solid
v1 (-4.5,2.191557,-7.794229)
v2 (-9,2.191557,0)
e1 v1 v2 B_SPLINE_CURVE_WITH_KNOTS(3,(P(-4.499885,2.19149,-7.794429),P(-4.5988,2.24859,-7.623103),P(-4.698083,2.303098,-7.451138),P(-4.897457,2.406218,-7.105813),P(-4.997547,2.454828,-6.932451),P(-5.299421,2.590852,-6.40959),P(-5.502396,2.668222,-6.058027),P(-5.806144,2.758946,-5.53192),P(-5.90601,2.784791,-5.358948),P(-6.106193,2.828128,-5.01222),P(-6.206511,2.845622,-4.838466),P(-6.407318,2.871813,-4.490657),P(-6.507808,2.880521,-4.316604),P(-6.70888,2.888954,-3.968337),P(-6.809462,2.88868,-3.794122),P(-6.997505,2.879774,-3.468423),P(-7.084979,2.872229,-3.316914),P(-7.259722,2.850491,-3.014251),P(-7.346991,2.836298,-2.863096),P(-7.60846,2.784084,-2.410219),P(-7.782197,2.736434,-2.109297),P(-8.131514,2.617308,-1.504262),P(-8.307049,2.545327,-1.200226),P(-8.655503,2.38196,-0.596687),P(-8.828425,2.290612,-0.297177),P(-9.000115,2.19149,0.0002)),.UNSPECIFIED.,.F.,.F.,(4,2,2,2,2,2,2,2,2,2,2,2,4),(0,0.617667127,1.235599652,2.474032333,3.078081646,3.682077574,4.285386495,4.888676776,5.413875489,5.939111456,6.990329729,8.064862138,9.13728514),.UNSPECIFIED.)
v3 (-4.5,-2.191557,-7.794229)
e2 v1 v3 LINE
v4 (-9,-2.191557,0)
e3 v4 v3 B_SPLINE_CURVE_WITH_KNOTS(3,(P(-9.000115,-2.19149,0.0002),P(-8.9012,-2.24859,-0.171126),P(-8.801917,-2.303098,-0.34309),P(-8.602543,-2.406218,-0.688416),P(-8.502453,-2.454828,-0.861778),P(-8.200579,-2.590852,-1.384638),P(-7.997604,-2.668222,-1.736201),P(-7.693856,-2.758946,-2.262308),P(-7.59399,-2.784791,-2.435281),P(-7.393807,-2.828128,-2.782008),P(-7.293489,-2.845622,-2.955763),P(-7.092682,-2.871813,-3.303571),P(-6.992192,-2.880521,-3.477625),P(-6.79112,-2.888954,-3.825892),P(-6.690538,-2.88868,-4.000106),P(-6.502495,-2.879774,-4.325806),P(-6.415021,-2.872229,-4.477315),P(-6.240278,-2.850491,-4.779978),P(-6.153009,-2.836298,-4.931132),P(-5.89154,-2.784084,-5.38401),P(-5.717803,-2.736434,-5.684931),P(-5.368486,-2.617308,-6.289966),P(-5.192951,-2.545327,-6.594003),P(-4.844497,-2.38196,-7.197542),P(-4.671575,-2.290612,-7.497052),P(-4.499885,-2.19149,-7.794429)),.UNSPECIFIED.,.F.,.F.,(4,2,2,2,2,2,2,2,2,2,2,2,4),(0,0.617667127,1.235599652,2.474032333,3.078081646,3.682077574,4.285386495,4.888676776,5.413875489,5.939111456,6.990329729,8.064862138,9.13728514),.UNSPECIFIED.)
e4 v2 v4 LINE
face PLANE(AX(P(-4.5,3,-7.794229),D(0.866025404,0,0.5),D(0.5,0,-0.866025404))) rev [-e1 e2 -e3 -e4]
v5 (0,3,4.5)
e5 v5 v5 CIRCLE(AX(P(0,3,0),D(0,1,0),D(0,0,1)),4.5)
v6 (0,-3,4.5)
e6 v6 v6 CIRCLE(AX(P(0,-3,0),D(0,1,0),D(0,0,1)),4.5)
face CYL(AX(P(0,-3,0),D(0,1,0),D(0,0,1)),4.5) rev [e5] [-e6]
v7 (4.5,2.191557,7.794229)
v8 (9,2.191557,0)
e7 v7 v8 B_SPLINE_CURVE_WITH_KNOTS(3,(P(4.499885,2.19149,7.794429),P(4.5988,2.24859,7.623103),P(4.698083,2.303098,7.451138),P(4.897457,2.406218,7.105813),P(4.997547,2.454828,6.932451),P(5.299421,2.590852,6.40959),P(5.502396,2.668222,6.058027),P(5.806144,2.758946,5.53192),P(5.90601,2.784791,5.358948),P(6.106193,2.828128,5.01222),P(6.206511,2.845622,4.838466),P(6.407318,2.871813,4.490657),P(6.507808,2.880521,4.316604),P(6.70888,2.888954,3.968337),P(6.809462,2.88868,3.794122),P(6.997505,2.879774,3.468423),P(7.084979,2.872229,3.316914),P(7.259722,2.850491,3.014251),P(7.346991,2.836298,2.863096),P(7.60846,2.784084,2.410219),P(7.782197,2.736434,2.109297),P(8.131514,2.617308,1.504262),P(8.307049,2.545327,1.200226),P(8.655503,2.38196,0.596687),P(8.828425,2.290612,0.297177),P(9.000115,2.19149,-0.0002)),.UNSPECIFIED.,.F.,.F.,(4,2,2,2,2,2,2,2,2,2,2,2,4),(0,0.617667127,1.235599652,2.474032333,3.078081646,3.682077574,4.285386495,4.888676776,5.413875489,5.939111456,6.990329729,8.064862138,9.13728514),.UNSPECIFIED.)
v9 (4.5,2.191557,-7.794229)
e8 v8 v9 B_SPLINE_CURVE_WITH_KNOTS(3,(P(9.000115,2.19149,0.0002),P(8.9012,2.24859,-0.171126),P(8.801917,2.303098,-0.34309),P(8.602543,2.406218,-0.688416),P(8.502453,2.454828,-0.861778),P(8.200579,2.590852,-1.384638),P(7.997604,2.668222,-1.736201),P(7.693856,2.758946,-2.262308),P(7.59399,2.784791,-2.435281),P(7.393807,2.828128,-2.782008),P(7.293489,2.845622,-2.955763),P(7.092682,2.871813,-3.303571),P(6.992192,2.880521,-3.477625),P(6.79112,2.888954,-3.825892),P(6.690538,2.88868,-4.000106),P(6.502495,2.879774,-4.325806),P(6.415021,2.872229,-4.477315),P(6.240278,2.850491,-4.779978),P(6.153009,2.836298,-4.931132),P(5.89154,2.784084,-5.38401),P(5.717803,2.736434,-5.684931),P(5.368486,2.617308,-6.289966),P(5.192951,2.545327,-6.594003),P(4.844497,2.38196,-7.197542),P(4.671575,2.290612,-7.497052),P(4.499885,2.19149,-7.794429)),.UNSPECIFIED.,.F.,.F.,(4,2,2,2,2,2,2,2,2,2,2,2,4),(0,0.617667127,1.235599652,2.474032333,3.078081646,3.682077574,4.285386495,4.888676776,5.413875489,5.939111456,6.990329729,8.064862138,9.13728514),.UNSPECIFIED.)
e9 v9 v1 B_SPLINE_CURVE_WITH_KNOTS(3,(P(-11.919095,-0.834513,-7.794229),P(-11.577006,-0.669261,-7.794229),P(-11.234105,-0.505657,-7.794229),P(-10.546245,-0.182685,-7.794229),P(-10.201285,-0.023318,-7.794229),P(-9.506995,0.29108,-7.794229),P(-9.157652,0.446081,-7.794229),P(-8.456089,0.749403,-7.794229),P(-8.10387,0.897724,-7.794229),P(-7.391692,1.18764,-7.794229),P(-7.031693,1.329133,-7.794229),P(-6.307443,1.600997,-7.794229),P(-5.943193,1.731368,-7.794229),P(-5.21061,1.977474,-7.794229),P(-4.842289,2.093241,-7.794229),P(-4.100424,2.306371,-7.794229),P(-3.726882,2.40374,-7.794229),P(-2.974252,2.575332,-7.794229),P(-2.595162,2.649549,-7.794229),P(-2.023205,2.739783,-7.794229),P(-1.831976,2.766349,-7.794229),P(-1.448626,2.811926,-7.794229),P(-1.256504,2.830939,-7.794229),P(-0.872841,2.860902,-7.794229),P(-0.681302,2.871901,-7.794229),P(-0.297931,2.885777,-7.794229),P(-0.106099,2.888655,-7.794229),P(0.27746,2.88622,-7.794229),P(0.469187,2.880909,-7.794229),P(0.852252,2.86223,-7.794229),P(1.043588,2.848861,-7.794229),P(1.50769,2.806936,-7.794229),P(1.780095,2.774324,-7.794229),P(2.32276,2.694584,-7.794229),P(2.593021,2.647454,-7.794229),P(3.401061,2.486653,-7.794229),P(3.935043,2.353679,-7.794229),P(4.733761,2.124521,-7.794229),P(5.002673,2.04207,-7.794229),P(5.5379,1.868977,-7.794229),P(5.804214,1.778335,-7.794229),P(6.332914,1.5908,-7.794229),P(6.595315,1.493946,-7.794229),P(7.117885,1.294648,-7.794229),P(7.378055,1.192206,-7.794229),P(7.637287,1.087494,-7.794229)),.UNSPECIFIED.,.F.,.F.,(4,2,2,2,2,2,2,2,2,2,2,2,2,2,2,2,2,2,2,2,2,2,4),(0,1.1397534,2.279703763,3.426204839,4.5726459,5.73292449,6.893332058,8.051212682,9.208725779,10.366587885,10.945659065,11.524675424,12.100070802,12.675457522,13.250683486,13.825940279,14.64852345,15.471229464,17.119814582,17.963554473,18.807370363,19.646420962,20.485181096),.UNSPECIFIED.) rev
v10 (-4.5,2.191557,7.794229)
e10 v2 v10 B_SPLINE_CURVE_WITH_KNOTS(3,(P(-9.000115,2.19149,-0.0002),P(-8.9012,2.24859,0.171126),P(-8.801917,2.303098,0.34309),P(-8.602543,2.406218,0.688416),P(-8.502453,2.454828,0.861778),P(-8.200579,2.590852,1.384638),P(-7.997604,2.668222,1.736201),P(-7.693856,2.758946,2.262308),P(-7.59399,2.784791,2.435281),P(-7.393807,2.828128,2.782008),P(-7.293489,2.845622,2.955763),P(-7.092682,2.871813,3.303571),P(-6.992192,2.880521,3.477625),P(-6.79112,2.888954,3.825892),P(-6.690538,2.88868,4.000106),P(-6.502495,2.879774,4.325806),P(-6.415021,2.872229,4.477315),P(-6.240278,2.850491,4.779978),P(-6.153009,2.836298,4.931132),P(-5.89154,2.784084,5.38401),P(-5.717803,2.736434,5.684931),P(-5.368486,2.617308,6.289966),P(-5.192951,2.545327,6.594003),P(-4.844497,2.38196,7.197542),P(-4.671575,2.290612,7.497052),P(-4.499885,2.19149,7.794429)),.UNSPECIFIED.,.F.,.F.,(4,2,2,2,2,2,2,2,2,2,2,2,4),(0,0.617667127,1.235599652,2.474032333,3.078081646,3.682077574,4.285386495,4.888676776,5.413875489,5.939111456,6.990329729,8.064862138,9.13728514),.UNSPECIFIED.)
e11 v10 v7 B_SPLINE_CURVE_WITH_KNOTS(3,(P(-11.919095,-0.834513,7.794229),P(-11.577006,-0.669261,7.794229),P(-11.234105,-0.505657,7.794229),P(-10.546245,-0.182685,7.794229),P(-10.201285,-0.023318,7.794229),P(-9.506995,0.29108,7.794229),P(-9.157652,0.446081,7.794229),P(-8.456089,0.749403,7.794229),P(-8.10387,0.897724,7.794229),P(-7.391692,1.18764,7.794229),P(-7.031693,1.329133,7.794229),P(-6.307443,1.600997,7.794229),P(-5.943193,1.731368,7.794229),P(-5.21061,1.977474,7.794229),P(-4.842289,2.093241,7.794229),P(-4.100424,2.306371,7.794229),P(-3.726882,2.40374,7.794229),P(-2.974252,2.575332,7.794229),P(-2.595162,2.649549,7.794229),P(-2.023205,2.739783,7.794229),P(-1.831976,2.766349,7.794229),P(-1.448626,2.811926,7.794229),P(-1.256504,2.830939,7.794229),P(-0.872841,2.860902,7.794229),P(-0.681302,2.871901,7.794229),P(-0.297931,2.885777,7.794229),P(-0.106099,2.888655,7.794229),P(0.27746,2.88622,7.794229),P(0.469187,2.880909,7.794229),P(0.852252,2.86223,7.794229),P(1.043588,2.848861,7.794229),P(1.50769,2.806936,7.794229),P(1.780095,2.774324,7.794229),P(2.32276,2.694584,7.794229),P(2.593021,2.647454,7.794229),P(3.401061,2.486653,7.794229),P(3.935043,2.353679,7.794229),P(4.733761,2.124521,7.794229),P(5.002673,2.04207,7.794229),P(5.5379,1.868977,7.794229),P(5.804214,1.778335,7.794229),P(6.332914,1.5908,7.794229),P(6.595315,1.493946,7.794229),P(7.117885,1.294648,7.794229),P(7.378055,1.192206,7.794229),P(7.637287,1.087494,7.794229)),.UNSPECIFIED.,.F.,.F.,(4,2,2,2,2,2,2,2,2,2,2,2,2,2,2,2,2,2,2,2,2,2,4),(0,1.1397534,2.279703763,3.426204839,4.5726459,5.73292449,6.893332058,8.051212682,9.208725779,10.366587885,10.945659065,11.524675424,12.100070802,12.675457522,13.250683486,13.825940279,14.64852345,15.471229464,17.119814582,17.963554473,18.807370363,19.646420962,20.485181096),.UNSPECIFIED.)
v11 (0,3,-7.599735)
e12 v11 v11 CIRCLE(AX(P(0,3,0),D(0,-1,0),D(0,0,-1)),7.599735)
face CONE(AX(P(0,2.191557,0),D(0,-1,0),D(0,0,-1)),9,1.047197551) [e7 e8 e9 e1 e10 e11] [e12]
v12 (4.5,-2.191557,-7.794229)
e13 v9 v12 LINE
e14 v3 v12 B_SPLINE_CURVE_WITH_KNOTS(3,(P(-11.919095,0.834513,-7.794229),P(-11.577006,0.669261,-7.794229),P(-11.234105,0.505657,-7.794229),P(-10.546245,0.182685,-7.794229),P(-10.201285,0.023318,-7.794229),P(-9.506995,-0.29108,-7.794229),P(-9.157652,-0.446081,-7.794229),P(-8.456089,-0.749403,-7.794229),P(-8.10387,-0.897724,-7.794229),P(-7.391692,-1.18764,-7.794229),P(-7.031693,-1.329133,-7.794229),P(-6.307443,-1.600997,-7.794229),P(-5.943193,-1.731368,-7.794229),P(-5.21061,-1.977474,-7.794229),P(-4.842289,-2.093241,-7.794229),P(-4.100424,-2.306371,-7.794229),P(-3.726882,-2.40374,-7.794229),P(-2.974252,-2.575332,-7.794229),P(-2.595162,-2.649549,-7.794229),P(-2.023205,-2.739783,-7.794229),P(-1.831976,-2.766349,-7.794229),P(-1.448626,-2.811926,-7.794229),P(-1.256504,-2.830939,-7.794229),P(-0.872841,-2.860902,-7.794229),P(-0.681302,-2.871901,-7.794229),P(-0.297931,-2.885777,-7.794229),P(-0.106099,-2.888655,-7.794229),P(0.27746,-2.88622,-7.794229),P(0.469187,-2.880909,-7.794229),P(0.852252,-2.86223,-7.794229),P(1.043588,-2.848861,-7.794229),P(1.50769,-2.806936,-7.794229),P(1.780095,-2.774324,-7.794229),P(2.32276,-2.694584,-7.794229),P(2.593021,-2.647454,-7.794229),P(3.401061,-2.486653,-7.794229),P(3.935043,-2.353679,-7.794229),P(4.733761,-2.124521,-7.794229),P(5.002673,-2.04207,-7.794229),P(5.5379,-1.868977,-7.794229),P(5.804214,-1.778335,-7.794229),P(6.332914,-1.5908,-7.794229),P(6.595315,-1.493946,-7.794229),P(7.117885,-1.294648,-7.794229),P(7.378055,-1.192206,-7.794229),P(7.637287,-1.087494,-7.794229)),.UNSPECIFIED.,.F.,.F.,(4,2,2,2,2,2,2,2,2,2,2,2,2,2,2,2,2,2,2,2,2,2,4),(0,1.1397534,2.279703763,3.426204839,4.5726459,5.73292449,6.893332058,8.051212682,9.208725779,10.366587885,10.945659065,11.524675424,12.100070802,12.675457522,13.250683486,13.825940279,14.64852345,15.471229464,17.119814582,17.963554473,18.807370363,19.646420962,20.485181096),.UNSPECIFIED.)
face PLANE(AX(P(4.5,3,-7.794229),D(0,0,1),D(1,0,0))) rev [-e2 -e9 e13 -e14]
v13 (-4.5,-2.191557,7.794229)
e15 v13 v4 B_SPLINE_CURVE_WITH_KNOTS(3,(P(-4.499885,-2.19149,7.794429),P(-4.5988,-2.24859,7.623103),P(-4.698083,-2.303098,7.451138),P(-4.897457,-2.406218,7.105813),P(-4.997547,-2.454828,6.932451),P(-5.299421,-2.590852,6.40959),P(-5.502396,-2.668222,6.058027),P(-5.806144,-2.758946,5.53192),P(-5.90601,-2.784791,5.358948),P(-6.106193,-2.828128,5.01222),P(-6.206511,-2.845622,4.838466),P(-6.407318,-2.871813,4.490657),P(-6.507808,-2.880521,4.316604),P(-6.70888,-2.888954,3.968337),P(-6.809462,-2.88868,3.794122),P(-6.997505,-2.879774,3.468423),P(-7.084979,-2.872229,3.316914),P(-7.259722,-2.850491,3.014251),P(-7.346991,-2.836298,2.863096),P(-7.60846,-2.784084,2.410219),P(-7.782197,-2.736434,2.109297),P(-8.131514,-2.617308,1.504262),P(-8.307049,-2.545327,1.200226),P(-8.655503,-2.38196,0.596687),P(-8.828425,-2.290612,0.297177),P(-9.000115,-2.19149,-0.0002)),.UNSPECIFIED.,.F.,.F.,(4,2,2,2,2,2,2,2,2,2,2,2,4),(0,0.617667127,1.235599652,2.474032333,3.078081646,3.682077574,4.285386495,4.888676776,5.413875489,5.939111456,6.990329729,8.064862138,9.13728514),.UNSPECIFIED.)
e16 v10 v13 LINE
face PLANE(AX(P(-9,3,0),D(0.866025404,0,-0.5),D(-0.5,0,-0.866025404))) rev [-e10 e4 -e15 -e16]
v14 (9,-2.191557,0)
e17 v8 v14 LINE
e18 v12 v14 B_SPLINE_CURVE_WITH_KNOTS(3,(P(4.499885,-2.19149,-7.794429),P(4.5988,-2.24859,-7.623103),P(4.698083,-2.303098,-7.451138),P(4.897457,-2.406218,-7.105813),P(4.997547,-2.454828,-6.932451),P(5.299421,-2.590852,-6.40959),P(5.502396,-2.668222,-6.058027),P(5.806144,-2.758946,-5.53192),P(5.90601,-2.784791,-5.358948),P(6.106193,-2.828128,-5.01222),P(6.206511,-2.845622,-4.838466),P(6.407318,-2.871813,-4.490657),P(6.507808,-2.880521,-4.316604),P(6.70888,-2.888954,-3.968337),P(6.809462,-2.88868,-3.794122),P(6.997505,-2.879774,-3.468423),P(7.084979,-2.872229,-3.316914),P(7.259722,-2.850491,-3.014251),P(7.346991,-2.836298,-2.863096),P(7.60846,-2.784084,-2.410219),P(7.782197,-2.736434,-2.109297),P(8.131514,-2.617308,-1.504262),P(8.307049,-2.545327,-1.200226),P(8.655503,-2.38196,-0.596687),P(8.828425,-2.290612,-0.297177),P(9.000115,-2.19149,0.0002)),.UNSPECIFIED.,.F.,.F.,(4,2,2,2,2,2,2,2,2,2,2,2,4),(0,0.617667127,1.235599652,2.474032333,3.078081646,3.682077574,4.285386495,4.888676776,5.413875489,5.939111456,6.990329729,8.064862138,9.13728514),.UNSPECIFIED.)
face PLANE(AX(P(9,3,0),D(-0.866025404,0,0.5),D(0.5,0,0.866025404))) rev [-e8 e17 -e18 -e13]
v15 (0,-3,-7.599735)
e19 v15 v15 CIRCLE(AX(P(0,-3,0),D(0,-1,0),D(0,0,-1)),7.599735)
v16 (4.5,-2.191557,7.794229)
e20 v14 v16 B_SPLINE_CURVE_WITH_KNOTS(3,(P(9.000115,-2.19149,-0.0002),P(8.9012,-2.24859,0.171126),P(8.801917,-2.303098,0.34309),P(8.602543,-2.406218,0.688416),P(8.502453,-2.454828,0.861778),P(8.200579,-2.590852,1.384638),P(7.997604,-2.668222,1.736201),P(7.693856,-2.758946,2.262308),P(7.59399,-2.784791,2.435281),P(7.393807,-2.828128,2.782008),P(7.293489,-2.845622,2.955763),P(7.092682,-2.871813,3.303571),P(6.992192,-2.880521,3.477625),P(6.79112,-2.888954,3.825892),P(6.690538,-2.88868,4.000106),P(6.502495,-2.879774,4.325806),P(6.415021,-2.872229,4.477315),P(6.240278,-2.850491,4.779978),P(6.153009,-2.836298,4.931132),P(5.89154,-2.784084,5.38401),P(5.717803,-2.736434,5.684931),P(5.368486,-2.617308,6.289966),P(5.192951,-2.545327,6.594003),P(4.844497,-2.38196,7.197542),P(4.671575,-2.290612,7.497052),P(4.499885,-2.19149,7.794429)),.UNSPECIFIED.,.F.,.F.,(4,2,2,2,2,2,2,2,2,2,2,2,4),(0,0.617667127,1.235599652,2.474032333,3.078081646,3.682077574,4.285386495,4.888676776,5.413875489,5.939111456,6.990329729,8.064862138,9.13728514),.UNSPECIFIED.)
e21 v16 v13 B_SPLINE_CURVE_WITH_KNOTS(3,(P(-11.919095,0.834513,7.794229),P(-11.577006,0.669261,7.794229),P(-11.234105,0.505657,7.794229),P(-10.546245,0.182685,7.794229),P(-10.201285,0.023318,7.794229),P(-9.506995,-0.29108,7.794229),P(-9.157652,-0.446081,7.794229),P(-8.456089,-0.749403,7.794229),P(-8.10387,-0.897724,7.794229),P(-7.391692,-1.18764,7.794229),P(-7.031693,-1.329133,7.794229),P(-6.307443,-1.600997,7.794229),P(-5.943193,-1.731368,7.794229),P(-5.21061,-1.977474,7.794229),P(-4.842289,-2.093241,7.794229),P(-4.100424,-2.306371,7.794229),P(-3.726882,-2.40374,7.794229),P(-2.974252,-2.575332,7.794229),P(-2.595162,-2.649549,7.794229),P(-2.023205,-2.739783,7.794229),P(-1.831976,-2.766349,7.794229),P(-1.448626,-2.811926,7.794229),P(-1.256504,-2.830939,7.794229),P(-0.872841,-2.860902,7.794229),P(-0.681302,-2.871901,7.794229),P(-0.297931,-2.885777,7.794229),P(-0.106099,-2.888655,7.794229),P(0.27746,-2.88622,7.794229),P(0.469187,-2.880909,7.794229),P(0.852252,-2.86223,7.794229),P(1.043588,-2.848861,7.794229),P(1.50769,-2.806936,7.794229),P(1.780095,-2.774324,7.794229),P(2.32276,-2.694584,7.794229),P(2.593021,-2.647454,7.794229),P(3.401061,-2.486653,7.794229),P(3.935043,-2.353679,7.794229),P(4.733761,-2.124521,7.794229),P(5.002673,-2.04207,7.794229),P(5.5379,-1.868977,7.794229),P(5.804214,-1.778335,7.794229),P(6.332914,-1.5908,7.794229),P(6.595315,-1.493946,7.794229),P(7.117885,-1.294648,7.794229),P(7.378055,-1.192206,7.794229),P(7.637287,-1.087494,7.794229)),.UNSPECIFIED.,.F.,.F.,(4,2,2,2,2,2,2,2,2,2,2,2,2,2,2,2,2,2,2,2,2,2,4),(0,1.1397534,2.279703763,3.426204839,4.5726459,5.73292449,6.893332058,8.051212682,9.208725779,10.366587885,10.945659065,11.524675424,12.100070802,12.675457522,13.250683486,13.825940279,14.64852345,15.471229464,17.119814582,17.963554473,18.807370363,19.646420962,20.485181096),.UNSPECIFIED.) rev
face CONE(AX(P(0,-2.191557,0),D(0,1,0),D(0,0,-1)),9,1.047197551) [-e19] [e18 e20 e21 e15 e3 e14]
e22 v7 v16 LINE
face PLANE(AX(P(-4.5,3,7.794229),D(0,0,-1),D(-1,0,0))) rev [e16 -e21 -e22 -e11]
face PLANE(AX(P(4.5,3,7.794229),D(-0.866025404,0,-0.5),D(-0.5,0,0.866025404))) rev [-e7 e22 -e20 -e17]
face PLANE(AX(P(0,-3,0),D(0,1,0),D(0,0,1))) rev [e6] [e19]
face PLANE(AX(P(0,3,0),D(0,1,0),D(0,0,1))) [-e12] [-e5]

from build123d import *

# Parameters (mm, degrees)
BOSS_EXTRUDE1_DEPTH = 3
SKETCH3_R           = 4.5
CUT_EXTRUDE1_DEPTH  = 7


with BuildPart() as part:
    # Sketch2 → Boss-Extrude1 (new body, symmetric)
    with BuildSketch(Plane(origin=(0, 0, 0), x_dir=(1, 0, 0), z_dir=(0, 1, 0))):
        Polygon((-4.5, 7.794228634), (-9, 0), (-4.5, -7.794228634), (4.5, -7.794228634), (9, 0), (4.5, 7.794228634), align=None)
    extrude(amount=BOSS_EXTRUDE1_DEPTH, both=True)

    # Sketch3 → Cut-Extrude1 (cut, through all)
    with BuildSketch(Plane(origin=(0, 3, 0), x_dir=(1, 0, 0), z_dir=(0, 1, 0))):
        with Locations(Location((0, 0, 0), (0, 0, 270))):  # turned: the seam where the file's is
            Circle(SKETCH3_R)
    extrude(amount=-CUT_EXTRUDE1_DEPTH, mode=Mode.SUBTRACT)

    # Sketch10 → Cut-Revolve1 (revolve, cut)
    with BuildSketch(Plane.XY, mode=Mode.PRIVATE) as cut_revolve1_sk:
        Polygon((-9, 3), (-9, 2.191556781), (-7.599735269, 3), align=None)
    cut_revolve1 = revolve(cut_revolve1_sk.sketch.rotate(Axis((0, 0, 0), (0, 1, 0)), 90), axis=Axis((0, 0, 0), (0, 1, 0)), mode=Mode.SUBTRACT)  # turned: the seam where the file's is

    # Mirror1: Cut-Revolve1 across plane
    add(cut_revolve1.mirror(Plane.ZX), mode=Mode.SUBTRACT)


solid = part.part
